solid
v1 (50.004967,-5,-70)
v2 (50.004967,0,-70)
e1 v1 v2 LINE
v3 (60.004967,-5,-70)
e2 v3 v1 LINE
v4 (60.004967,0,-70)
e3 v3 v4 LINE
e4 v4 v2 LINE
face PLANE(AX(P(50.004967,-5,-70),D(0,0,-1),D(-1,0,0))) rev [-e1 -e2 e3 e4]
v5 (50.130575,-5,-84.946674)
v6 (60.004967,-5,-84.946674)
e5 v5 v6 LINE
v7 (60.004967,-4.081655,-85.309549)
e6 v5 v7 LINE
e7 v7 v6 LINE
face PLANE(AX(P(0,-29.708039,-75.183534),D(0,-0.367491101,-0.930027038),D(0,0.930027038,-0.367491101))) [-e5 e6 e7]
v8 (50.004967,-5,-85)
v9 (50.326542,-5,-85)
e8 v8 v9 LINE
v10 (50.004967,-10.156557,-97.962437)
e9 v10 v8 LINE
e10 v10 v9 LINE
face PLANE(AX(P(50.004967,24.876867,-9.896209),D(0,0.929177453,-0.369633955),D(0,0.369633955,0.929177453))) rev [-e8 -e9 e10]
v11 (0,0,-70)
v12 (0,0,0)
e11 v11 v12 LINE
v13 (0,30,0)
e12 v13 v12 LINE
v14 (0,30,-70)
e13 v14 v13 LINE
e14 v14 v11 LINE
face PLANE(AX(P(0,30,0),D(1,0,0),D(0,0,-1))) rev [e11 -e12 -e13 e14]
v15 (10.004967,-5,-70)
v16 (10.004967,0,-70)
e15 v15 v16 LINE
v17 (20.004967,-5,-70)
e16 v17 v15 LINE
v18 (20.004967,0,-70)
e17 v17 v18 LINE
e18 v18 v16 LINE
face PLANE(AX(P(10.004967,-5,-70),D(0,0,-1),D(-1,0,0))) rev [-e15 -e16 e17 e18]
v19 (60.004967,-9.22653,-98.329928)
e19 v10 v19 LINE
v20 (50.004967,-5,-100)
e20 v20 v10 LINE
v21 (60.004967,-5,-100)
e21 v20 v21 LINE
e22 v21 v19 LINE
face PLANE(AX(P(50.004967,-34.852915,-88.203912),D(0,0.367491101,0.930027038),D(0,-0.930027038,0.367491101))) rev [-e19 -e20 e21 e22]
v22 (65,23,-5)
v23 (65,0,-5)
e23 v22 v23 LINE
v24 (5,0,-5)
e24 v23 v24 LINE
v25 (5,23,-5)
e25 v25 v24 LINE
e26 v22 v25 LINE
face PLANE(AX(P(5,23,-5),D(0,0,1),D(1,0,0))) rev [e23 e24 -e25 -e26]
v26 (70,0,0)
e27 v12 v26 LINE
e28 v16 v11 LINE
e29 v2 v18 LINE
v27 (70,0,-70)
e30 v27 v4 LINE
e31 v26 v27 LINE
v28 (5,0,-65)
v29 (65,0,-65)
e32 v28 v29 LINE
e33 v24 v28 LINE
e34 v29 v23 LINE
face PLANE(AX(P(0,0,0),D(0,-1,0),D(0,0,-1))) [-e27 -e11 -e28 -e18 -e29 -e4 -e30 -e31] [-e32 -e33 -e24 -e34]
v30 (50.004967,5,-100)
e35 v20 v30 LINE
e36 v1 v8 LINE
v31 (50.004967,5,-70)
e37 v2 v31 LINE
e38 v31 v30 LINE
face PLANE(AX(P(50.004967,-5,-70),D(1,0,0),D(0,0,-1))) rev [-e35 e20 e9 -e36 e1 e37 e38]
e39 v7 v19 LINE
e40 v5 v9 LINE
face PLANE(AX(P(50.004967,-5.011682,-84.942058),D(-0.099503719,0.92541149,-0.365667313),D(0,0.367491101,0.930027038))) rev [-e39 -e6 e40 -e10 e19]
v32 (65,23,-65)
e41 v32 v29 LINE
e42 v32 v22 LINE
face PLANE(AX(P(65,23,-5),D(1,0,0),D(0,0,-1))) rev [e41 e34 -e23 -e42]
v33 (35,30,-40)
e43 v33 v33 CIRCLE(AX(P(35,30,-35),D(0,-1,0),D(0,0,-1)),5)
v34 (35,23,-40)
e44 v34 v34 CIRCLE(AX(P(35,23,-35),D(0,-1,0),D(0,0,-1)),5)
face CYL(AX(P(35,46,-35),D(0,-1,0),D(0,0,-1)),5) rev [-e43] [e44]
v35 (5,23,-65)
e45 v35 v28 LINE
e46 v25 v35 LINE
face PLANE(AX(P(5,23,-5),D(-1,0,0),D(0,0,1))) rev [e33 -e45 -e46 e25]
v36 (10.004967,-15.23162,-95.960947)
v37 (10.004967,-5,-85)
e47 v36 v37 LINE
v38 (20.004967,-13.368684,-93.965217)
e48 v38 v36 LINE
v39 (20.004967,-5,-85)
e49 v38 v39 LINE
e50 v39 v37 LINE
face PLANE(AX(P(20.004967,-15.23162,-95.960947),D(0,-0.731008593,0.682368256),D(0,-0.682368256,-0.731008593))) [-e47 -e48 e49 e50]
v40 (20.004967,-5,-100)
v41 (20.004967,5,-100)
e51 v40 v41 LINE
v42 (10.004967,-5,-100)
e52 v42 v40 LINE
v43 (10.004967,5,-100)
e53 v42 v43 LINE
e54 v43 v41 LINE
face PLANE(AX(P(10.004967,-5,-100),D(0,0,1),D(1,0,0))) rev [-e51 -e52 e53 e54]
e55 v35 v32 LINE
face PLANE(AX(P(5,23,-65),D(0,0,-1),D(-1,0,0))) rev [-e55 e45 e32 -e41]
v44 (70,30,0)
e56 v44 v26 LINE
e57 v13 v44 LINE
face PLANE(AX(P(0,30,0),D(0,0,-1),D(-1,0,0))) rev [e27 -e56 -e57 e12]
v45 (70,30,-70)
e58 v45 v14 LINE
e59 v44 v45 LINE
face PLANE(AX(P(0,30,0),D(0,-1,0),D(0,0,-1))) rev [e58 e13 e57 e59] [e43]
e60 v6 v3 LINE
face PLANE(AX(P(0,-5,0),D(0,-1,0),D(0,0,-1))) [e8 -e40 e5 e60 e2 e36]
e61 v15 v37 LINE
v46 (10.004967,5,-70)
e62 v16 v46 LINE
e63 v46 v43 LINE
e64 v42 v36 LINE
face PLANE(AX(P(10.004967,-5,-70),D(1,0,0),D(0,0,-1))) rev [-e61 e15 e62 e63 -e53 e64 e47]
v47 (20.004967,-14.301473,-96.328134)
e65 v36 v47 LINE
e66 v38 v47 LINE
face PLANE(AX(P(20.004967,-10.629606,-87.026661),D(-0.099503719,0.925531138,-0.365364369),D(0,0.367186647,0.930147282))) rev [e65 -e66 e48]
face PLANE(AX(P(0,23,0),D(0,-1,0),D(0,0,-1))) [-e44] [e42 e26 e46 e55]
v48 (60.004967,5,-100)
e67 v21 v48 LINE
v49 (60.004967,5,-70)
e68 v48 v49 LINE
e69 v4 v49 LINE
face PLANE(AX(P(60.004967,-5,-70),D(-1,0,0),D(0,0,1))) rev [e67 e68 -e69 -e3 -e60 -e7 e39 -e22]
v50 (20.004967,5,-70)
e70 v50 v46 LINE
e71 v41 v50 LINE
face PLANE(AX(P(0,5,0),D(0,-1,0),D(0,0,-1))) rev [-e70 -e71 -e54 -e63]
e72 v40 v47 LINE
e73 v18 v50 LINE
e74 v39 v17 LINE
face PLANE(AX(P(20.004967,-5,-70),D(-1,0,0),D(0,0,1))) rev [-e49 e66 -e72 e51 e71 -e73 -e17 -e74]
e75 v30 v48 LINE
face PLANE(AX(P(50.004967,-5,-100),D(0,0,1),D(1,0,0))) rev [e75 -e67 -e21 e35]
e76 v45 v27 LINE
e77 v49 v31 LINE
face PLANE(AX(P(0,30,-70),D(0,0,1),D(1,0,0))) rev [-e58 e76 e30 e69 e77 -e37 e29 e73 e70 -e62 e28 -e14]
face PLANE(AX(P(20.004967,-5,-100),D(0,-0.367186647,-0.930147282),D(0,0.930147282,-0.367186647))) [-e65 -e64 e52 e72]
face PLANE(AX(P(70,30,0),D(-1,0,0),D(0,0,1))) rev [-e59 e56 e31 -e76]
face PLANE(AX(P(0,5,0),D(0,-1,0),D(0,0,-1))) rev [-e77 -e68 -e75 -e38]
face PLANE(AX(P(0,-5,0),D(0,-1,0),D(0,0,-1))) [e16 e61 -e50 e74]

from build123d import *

# Parameters (mm, degrees)
ESQUISSE1_W              = 70
ESQUISSE1_H              = 70
BOSS_EXTRU_4_DEPTH       = 30
ESQUISSE5_W              = 60
ESQUISSE5_H              = 60
ENL_V_MAT_EXTRU_3_DEPTH  = 23
ESQUISSE6_R              = 5
ENL_V_MAT_EXTRU_4_DEPTH  = 23
ESQUISSE28_W             = 10
ESQUISSE28_H             = 30
BOSS_EXTRU_8_DEPTH       = 5
BOSS_EXTRU_9_DEPTH       = 10
ESQUISSE30_W             = 10
ESQUISSE30_H             = 30
BOSS_EXTRU_10_DEPTH      = 5
BOSS_EXTRU_14_DEPTH      = 10
ENL_V_MAT_EXTRU_6_DEPTH  = 10
ENL_V_MAT_EXTRU_15_DEPTH = 14


with BuildPart() as part:
    # Esquisse1 → Boss.-Extru.4 (new body)
    with BuildSketch(Plane(origin=(0, 0, 0), x_dir=(1, 0, 0), z_dir=(0, 1, 0))):
        with Locations((35, 35)):
            Rectangle(ESQUISSE1_W, ESQUISSE1_H)
    extrude(amount=BOSS_EXTRU_4_DEPTH)

    # Esquisse5 → Enlèv. mat.-Extru.3 (cut)
    with BuildSketch(Plane(origin=(0, 0, 0), x_dir=(-1, 0, 0), z_dir=(0, -1, 0))):
        with Locations((-35, 35)):
            Rectangle(ESQUISSE5_W, ESQUISSE5_H)
    extrude(amount=-ENL_V_MAT_EXTRU_3_DEPTH, mode=Mode.SUBTRACT)

    # Esquisse6 → Enlèv. mat.-Extru.4 (cut)
    with BuildSketch(Plane(origin=(0, 23, 0), x_dir=(-1, 0, 0), z_dir=(0, -1, 0))):
        with Locations(Location((-35, 35, 0), (0, 0, 90))):
            Circle(ESQUISSE6_R)
    extrude(amount=-ENL_V_MAT_EXTRU_4_DEPTH, mode=Mode.SUBTRACT)

    # Esquisse28 → Boss.-Extru.8 (add, symmetric)
    with BuildSketch(Plane.XZ):
        with Locations((55.004966989, -85)):
            Rectangle(ESQUISSE28_W, ESQUISSE28_H)
    extrude(amount=BOSS_EXTRU_8_DEPTH, both=True)

    # Esquisse29 → Boss.-Extru.9 (add)
    with BuildSketch(Plane(origin=(60.004966989, 0, 0), x_dir=(0, 0, -1), z_dir=(1, 0, 0))):
        Polygon((98.641624501, -8.437704854), (100, -5), (85, -5), (97.962436751, -10.156557281), align=None)
    extrude(amount=-BOSS_EXTRU_9_DEPTH)

    # Esquisse30 → Boss.-Extru.10 (add, symmetric)
    with BuildSketch(Plane.XZ):
        with Locations((15.004966989, -85)):
            Rectangle(ESQUISSE30_W, ESQUISSE30_H)
    extrude(amount=BOSS_EXTRU_10_DEPTH, both=True)

    # Esquisse39 → Boss.-Extru.14 (add)
    with BuildSketch(Plane.ZY.offset(-10.004966989)):
        Polygon((-100, -5), (-95.960946885, -15.231620103), (-85, -5), align=None)
    extrude(amount=-BOSS_EXTRU_14_DEPTH)

    # Esquisse40 → Enlèv. mat.-Extru.6 (cut)
    with BuildSketch(Plane(origin=(0, -34.827896321, -88.22508495), x_dir=(-1, 0, 0), z_dir=(0, -0.3671866467775486, -0.930147282116257))):
        Polygon((-20.004966989, 21.067928267), (-20.004966989, 22.067928267), (-10.004966989, 21.067928267), align=None)
    extrude(amount=-ENL_V_MAT_EXTRU_6_DEPTH, mode=Mode.SUBTRACT)

    # Esquisse41 → Enlèv. mat.-Extru.15 (cut)
    with BuildSketch(Plane(origin=(0, -34.85291455, -88.203912367), x_dir=(-1, 0, 0), z_dir=(0, -0.36749110102927884, -0.9300270375985252))):
        Polygon((-60.004966989, 27.554450861), (-60.004966989, 26.554450861), (-50.004966989, 26.554450861), align=None)
    extrude(amount=-ENL_V_MAT_EXTRU_15_DEPTH, mode=Mode.SUBTRACT)


solid = part.part
